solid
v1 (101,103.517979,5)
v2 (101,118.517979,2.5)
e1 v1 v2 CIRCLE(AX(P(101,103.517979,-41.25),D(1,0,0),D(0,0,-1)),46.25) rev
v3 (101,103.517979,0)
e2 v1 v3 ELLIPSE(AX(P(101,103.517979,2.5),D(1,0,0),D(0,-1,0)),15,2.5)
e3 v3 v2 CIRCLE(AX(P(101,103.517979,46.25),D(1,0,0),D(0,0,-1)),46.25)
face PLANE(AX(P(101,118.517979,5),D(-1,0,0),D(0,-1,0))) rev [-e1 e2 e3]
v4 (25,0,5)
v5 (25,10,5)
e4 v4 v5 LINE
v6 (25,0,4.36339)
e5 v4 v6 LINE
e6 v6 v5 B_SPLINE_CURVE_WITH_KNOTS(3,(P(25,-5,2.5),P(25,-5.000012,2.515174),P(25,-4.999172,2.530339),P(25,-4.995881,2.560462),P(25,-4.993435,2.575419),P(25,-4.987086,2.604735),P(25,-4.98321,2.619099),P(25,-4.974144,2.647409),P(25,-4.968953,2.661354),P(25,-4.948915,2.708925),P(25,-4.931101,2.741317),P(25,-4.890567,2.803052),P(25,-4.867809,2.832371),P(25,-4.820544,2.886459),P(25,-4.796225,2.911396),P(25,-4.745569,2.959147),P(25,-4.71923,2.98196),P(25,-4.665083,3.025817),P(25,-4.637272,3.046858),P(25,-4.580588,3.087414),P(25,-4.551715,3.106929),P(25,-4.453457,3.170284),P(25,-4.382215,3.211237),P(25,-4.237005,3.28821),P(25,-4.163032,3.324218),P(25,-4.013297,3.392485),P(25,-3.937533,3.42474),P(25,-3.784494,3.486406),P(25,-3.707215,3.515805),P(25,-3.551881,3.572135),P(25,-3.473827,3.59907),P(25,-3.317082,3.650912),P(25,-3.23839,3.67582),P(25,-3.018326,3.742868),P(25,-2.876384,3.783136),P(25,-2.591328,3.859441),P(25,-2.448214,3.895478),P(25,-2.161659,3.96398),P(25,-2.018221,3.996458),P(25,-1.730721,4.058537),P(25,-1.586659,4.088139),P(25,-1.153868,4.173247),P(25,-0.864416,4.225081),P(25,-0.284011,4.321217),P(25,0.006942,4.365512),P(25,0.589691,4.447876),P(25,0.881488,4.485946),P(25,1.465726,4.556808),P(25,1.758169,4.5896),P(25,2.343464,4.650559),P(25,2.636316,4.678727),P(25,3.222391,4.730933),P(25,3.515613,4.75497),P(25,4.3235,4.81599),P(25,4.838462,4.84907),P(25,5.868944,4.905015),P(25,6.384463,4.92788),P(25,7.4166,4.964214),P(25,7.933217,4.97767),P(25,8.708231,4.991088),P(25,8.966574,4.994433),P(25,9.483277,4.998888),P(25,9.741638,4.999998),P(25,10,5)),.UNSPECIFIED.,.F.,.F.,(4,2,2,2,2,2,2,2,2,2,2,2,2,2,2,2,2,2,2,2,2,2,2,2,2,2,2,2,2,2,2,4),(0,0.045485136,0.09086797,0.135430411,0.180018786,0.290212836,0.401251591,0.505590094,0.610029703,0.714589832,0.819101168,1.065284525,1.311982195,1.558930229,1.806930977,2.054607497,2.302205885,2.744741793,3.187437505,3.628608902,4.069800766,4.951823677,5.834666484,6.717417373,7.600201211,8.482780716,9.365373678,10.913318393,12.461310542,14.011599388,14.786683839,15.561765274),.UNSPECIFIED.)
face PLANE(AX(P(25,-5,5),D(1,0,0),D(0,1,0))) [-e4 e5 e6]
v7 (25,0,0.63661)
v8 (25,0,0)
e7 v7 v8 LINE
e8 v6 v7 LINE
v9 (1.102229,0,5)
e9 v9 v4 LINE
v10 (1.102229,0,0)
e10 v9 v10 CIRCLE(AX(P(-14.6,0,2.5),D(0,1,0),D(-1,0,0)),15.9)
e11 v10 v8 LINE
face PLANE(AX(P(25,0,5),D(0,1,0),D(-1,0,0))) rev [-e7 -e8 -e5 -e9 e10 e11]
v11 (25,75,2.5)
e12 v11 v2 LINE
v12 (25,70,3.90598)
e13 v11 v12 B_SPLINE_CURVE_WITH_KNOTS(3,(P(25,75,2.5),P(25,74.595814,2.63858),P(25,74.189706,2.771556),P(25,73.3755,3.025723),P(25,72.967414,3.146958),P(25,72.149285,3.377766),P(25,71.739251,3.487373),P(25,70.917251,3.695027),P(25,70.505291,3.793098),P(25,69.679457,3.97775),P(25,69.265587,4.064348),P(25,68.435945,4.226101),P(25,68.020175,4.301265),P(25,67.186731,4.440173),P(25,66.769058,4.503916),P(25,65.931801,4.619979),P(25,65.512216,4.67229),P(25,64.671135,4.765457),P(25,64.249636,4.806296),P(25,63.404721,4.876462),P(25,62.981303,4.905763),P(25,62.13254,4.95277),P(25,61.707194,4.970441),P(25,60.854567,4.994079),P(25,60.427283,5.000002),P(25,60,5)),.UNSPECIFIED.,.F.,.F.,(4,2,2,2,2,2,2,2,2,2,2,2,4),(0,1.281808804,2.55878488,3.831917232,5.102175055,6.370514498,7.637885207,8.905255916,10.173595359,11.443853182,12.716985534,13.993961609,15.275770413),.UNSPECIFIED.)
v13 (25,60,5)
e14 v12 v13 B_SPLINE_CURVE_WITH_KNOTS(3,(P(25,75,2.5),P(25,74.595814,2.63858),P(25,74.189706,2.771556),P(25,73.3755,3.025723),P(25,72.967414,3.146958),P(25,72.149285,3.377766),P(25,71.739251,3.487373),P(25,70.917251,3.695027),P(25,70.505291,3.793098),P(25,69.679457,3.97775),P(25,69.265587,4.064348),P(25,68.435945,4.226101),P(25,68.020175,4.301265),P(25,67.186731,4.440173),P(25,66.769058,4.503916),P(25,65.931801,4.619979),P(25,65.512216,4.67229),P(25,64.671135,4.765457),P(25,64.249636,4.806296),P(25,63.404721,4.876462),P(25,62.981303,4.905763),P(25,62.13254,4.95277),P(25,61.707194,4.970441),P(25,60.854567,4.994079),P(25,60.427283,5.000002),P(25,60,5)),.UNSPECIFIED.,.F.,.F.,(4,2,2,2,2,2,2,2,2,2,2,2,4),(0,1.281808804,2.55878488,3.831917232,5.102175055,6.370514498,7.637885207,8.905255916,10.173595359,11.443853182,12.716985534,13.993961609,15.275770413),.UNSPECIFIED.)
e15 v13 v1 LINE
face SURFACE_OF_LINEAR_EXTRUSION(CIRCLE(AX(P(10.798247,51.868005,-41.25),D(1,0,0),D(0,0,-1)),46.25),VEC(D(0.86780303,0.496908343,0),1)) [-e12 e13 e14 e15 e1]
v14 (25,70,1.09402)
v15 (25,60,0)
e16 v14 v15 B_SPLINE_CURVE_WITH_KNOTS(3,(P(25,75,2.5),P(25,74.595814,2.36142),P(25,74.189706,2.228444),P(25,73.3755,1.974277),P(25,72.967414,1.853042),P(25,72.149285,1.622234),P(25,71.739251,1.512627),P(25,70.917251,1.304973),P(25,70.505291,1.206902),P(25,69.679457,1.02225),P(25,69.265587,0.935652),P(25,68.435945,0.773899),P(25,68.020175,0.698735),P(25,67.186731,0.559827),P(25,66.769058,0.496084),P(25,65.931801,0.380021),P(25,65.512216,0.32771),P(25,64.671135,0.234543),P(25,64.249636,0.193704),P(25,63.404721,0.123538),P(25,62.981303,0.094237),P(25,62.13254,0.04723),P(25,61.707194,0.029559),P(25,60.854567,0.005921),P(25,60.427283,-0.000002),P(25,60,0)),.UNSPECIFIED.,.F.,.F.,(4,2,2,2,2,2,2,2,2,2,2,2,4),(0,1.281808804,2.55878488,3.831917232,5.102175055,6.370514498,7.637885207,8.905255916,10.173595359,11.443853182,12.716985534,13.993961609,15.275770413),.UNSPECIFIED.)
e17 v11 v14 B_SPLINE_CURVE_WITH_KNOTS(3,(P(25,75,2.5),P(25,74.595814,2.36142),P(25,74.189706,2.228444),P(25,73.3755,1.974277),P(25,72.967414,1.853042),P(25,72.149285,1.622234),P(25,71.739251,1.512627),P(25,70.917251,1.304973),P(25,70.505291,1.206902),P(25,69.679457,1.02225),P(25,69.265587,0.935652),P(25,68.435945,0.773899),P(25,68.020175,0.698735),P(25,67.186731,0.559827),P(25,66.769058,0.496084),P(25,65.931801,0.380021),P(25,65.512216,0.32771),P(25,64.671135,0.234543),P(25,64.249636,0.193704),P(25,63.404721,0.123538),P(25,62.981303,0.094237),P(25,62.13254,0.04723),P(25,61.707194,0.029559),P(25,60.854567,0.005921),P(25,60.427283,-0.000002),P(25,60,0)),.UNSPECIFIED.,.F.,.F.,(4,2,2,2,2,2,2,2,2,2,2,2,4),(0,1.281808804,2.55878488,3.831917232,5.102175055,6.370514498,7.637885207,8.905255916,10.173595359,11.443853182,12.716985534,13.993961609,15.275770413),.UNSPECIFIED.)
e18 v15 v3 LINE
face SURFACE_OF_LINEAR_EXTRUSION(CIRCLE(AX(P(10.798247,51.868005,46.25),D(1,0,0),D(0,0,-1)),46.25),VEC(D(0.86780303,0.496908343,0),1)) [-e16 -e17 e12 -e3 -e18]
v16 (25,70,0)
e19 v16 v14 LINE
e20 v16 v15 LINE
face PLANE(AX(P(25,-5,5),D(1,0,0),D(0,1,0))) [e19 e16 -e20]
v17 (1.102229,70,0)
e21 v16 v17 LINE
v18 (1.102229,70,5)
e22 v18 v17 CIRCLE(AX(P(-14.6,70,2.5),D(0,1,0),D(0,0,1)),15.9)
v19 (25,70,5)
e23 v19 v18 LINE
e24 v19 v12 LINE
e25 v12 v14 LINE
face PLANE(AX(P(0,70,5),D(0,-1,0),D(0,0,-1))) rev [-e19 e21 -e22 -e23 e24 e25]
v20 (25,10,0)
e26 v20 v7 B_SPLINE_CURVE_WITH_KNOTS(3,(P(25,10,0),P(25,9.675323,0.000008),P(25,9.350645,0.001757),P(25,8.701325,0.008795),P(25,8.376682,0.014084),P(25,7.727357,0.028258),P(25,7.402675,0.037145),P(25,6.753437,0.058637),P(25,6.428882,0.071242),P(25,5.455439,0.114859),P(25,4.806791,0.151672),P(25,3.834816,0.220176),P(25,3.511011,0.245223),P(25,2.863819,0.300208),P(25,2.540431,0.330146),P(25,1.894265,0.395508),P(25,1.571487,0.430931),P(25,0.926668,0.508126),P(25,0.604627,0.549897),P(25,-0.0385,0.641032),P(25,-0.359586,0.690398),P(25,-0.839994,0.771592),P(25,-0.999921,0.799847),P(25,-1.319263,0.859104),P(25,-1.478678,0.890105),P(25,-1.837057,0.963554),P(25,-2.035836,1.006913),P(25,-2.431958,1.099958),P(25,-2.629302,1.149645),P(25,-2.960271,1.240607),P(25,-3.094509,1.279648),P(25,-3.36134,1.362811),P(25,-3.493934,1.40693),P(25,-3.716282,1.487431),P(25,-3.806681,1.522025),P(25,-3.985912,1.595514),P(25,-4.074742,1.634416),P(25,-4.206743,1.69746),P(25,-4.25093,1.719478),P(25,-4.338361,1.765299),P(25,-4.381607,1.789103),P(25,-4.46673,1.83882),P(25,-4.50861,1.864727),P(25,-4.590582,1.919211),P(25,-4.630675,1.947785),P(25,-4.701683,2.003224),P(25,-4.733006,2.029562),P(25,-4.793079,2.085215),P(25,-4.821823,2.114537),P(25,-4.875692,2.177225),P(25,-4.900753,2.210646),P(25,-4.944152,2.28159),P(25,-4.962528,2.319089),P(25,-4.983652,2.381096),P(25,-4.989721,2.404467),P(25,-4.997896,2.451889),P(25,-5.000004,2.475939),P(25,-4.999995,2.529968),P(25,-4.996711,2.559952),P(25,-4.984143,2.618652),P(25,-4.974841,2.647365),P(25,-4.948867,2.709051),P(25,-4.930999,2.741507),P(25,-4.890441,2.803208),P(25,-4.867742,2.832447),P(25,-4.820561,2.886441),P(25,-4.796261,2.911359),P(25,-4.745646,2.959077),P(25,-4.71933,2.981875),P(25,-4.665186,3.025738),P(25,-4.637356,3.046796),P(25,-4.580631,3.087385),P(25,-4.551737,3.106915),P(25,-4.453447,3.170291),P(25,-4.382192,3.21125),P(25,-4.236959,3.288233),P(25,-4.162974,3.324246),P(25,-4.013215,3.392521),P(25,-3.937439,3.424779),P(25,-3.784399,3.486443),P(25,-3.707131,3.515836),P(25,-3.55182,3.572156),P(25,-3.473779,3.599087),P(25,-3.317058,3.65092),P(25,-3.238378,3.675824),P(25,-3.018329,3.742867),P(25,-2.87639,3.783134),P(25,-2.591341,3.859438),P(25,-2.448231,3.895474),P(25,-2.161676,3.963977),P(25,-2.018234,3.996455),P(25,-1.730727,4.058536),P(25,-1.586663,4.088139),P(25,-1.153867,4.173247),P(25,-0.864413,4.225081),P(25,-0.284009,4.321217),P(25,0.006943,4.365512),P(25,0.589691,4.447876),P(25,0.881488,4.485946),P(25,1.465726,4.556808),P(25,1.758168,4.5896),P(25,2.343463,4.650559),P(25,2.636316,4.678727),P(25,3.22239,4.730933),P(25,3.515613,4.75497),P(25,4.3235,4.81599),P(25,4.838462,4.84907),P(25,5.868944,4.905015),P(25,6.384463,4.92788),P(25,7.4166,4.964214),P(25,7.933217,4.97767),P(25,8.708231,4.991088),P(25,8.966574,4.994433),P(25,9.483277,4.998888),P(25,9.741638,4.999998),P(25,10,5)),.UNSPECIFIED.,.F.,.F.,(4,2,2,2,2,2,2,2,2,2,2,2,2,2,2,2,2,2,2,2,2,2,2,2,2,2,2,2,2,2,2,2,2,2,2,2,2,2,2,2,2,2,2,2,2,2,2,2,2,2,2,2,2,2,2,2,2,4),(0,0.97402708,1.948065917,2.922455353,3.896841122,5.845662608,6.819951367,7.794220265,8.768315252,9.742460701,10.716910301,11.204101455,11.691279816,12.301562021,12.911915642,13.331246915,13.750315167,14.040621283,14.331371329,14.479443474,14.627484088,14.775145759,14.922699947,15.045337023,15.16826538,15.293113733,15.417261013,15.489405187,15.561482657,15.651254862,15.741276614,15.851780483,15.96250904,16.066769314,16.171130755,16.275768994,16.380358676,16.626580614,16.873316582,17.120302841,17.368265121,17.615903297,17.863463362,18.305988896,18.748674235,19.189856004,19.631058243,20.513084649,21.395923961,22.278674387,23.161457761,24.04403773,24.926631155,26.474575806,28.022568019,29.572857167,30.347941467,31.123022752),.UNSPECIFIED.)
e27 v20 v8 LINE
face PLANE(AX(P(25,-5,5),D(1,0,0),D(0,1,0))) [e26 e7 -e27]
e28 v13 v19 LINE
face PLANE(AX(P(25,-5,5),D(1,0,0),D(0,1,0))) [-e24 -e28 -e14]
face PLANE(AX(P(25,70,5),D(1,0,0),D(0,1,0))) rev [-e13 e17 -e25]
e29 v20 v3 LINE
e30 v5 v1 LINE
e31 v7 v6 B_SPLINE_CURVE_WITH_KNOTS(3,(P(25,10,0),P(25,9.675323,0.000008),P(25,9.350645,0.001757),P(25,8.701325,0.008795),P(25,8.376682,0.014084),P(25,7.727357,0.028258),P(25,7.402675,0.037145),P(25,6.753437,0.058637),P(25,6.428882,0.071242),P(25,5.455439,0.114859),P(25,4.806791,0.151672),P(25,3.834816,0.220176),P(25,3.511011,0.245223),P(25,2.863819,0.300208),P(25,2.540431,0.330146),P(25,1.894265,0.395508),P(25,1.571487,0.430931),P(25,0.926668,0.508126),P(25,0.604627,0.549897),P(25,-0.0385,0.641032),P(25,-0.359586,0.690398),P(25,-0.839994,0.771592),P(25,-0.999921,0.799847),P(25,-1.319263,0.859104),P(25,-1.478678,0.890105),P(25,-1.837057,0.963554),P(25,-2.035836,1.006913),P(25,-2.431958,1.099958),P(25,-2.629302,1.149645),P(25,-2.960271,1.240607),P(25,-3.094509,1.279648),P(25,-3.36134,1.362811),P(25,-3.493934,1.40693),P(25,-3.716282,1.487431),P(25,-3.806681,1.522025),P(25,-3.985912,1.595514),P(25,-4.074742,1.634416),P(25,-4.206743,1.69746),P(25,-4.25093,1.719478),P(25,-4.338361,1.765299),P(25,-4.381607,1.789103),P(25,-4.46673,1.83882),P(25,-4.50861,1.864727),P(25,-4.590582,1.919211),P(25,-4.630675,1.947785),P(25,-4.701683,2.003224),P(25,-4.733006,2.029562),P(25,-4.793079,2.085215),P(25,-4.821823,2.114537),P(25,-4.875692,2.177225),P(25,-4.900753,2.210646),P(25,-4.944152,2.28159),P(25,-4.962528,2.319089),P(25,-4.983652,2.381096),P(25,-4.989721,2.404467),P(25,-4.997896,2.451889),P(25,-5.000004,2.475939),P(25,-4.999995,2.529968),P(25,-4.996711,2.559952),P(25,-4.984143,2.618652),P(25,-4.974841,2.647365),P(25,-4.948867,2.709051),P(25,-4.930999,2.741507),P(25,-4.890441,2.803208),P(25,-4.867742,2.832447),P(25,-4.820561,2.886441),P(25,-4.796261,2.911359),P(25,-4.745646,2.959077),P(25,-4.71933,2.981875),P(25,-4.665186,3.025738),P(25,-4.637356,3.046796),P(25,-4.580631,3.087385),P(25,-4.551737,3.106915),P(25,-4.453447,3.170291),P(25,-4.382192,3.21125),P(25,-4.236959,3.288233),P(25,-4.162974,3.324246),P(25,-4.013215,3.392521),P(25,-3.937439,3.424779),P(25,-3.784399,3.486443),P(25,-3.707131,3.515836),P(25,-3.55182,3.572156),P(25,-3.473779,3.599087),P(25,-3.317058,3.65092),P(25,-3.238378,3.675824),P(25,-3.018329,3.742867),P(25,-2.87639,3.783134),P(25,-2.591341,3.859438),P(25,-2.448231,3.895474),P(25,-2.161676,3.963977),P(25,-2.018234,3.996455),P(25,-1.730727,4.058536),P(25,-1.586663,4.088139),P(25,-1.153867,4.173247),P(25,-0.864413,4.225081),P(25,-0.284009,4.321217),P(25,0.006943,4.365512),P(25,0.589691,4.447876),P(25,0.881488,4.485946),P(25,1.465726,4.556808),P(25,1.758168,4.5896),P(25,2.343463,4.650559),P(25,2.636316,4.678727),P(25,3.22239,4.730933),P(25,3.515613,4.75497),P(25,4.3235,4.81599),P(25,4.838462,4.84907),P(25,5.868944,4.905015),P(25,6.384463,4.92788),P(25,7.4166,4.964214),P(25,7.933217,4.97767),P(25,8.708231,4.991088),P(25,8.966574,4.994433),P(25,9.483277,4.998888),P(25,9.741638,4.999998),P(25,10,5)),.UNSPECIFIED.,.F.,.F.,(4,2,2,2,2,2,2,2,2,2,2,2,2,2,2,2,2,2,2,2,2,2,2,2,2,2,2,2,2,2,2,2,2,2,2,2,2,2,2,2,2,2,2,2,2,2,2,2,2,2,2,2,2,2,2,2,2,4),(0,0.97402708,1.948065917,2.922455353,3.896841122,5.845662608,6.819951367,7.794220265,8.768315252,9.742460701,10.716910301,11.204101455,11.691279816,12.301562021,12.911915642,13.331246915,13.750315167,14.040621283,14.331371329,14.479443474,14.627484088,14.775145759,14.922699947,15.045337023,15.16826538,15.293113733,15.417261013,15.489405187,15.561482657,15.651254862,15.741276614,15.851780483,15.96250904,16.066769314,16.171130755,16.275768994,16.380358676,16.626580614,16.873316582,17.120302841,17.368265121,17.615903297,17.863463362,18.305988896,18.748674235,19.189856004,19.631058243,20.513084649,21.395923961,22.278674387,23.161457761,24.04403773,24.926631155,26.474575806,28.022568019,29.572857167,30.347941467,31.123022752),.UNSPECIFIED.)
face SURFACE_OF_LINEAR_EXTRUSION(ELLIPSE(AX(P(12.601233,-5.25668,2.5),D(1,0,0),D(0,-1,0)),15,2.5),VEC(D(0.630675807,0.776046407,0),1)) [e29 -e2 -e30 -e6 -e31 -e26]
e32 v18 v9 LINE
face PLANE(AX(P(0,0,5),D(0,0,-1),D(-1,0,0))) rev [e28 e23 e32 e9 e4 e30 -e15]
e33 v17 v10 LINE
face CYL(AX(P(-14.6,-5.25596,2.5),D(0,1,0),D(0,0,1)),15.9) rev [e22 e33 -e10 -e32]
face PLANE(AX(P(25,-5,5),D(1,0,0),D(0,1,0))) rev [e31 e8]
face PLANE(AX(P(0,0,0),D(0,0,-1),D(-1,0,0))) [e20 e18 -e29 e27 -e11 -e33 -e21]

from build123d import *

# Parameters (mm, degrees)
BOSS_EXTRUDE1_DEPTH = 5
CUT_EXTRUDE2_DEPTH  = 120.505652991
CUT_EXTRUDE3_DEPTH  = 87.577477123
SKETCH6_R           = 15.9
CUT_EXTRUDE7_DEPTH  = 126.900754709


with BuildPart() as part:
    # Sketch1 → Boss-Extrude1 (new body)
    with BuildSketch(Plane.XY):
        Polygon((0, 0), (0, 70), (25, 70), (25, 75), (101, 118.517979035), (101, 88.517979035), (25, -5), (25, 0), align=None)
    extrude(amount=BOSS_EXTRUDE1_DEPTH)

    # Sketch4 → Cut-Extrude2 (cut, along a direction that is not the sketch's normal)
    with BuildSketch(Plane(origin=(101, 0, 0), x_dir=(0, 0, -1), z_dir=(1, 0, 0))):
        with BuildLine():
            Line((0, 88.517979035), (0, 103.517979035))
            add(Edge.make_bspline(
                [(-2.5, 88.517979035), (0, 88.517979035), (0, 103.517979035)],
                knots=[6.283185307, 6.283185307, 6.283185307, 7.853981634, 7.853981634, 7.853981634], degree=2, weights=[1, 0.707106781, 1]))
            Line((-2.5, 88.517979035), (0, 88.517979035))
        make_face()
        with BuildLine():
            add(Edge.make_bspline(
                [(-5, 103.517979035), (-5, 88.517979035), (-2.5, 88.517979035)],
                knots=[4.71238898, 4.71238898, 4.71238898, 6.283185307, 6.283185307, 6.283185307], degree=2, weights=[1, 0.707106781, 1]))
            Line((-5, 103.517979035), (-5, 88.517979035))
            Line((-5, 88.517979035), (-2.5, 88.517979035))
        make_face()
    extrude(amount=-CUT_EXTRUDE2_DEPTH, dir=(0.6306758074312901, 0.7760464070665428, 0), mode=Mode.SUBTRACT)

    # Sketch5 → Cut-Extrude3 (cut, along a direction that is not the sketch's normal)
    with BuildSketch(Plane(origin=(101, 0, 0), x_dir=(0, 0, -1), z_dir=(1, 0, 0))):
        with BuildLine():
            ThreePointArc((-2.5, 118.517979035), (-0.629281023, 111.121432198), (0, 103.517979035))
            Line((0, 103.517979035), (0, 118.517979035))
            Line((0, 118.517979035), (-2.5, 118.517979035))
        make_face()
        with BuildLine():
            Line((-5, 118.517979035), (-5, 103.517979035))
            ThreePointArc((-5, 103.517979035), (-4.370718977, 111.121432198), (-2.5, 118.517979035))
            Line((-2.5, 118.517979035), (-5, 118.517979035))
        make_face()
    extrude(amount=-CUT_EXTRUDE3_DEPTH, dir=(0.8678030299169633, 0.4969083429234592, 0), mode=Mode.SUBTRACT)

    # Sketch6 → Cut-Extrude7 (cut, through all)
    with BuildSketch(Plane(origin=(0, 70, 0), x_dir=(1, 0, 0), z_dir=(0, 1, 0))):
        with Locations((-14.6, -2.5)):
            Circle(SKETCH6_R)
    extrude(amount=-CUT_EXTRUDE7_DEPTH, mode=Mode.SUBTRACT)


solid = part.part
